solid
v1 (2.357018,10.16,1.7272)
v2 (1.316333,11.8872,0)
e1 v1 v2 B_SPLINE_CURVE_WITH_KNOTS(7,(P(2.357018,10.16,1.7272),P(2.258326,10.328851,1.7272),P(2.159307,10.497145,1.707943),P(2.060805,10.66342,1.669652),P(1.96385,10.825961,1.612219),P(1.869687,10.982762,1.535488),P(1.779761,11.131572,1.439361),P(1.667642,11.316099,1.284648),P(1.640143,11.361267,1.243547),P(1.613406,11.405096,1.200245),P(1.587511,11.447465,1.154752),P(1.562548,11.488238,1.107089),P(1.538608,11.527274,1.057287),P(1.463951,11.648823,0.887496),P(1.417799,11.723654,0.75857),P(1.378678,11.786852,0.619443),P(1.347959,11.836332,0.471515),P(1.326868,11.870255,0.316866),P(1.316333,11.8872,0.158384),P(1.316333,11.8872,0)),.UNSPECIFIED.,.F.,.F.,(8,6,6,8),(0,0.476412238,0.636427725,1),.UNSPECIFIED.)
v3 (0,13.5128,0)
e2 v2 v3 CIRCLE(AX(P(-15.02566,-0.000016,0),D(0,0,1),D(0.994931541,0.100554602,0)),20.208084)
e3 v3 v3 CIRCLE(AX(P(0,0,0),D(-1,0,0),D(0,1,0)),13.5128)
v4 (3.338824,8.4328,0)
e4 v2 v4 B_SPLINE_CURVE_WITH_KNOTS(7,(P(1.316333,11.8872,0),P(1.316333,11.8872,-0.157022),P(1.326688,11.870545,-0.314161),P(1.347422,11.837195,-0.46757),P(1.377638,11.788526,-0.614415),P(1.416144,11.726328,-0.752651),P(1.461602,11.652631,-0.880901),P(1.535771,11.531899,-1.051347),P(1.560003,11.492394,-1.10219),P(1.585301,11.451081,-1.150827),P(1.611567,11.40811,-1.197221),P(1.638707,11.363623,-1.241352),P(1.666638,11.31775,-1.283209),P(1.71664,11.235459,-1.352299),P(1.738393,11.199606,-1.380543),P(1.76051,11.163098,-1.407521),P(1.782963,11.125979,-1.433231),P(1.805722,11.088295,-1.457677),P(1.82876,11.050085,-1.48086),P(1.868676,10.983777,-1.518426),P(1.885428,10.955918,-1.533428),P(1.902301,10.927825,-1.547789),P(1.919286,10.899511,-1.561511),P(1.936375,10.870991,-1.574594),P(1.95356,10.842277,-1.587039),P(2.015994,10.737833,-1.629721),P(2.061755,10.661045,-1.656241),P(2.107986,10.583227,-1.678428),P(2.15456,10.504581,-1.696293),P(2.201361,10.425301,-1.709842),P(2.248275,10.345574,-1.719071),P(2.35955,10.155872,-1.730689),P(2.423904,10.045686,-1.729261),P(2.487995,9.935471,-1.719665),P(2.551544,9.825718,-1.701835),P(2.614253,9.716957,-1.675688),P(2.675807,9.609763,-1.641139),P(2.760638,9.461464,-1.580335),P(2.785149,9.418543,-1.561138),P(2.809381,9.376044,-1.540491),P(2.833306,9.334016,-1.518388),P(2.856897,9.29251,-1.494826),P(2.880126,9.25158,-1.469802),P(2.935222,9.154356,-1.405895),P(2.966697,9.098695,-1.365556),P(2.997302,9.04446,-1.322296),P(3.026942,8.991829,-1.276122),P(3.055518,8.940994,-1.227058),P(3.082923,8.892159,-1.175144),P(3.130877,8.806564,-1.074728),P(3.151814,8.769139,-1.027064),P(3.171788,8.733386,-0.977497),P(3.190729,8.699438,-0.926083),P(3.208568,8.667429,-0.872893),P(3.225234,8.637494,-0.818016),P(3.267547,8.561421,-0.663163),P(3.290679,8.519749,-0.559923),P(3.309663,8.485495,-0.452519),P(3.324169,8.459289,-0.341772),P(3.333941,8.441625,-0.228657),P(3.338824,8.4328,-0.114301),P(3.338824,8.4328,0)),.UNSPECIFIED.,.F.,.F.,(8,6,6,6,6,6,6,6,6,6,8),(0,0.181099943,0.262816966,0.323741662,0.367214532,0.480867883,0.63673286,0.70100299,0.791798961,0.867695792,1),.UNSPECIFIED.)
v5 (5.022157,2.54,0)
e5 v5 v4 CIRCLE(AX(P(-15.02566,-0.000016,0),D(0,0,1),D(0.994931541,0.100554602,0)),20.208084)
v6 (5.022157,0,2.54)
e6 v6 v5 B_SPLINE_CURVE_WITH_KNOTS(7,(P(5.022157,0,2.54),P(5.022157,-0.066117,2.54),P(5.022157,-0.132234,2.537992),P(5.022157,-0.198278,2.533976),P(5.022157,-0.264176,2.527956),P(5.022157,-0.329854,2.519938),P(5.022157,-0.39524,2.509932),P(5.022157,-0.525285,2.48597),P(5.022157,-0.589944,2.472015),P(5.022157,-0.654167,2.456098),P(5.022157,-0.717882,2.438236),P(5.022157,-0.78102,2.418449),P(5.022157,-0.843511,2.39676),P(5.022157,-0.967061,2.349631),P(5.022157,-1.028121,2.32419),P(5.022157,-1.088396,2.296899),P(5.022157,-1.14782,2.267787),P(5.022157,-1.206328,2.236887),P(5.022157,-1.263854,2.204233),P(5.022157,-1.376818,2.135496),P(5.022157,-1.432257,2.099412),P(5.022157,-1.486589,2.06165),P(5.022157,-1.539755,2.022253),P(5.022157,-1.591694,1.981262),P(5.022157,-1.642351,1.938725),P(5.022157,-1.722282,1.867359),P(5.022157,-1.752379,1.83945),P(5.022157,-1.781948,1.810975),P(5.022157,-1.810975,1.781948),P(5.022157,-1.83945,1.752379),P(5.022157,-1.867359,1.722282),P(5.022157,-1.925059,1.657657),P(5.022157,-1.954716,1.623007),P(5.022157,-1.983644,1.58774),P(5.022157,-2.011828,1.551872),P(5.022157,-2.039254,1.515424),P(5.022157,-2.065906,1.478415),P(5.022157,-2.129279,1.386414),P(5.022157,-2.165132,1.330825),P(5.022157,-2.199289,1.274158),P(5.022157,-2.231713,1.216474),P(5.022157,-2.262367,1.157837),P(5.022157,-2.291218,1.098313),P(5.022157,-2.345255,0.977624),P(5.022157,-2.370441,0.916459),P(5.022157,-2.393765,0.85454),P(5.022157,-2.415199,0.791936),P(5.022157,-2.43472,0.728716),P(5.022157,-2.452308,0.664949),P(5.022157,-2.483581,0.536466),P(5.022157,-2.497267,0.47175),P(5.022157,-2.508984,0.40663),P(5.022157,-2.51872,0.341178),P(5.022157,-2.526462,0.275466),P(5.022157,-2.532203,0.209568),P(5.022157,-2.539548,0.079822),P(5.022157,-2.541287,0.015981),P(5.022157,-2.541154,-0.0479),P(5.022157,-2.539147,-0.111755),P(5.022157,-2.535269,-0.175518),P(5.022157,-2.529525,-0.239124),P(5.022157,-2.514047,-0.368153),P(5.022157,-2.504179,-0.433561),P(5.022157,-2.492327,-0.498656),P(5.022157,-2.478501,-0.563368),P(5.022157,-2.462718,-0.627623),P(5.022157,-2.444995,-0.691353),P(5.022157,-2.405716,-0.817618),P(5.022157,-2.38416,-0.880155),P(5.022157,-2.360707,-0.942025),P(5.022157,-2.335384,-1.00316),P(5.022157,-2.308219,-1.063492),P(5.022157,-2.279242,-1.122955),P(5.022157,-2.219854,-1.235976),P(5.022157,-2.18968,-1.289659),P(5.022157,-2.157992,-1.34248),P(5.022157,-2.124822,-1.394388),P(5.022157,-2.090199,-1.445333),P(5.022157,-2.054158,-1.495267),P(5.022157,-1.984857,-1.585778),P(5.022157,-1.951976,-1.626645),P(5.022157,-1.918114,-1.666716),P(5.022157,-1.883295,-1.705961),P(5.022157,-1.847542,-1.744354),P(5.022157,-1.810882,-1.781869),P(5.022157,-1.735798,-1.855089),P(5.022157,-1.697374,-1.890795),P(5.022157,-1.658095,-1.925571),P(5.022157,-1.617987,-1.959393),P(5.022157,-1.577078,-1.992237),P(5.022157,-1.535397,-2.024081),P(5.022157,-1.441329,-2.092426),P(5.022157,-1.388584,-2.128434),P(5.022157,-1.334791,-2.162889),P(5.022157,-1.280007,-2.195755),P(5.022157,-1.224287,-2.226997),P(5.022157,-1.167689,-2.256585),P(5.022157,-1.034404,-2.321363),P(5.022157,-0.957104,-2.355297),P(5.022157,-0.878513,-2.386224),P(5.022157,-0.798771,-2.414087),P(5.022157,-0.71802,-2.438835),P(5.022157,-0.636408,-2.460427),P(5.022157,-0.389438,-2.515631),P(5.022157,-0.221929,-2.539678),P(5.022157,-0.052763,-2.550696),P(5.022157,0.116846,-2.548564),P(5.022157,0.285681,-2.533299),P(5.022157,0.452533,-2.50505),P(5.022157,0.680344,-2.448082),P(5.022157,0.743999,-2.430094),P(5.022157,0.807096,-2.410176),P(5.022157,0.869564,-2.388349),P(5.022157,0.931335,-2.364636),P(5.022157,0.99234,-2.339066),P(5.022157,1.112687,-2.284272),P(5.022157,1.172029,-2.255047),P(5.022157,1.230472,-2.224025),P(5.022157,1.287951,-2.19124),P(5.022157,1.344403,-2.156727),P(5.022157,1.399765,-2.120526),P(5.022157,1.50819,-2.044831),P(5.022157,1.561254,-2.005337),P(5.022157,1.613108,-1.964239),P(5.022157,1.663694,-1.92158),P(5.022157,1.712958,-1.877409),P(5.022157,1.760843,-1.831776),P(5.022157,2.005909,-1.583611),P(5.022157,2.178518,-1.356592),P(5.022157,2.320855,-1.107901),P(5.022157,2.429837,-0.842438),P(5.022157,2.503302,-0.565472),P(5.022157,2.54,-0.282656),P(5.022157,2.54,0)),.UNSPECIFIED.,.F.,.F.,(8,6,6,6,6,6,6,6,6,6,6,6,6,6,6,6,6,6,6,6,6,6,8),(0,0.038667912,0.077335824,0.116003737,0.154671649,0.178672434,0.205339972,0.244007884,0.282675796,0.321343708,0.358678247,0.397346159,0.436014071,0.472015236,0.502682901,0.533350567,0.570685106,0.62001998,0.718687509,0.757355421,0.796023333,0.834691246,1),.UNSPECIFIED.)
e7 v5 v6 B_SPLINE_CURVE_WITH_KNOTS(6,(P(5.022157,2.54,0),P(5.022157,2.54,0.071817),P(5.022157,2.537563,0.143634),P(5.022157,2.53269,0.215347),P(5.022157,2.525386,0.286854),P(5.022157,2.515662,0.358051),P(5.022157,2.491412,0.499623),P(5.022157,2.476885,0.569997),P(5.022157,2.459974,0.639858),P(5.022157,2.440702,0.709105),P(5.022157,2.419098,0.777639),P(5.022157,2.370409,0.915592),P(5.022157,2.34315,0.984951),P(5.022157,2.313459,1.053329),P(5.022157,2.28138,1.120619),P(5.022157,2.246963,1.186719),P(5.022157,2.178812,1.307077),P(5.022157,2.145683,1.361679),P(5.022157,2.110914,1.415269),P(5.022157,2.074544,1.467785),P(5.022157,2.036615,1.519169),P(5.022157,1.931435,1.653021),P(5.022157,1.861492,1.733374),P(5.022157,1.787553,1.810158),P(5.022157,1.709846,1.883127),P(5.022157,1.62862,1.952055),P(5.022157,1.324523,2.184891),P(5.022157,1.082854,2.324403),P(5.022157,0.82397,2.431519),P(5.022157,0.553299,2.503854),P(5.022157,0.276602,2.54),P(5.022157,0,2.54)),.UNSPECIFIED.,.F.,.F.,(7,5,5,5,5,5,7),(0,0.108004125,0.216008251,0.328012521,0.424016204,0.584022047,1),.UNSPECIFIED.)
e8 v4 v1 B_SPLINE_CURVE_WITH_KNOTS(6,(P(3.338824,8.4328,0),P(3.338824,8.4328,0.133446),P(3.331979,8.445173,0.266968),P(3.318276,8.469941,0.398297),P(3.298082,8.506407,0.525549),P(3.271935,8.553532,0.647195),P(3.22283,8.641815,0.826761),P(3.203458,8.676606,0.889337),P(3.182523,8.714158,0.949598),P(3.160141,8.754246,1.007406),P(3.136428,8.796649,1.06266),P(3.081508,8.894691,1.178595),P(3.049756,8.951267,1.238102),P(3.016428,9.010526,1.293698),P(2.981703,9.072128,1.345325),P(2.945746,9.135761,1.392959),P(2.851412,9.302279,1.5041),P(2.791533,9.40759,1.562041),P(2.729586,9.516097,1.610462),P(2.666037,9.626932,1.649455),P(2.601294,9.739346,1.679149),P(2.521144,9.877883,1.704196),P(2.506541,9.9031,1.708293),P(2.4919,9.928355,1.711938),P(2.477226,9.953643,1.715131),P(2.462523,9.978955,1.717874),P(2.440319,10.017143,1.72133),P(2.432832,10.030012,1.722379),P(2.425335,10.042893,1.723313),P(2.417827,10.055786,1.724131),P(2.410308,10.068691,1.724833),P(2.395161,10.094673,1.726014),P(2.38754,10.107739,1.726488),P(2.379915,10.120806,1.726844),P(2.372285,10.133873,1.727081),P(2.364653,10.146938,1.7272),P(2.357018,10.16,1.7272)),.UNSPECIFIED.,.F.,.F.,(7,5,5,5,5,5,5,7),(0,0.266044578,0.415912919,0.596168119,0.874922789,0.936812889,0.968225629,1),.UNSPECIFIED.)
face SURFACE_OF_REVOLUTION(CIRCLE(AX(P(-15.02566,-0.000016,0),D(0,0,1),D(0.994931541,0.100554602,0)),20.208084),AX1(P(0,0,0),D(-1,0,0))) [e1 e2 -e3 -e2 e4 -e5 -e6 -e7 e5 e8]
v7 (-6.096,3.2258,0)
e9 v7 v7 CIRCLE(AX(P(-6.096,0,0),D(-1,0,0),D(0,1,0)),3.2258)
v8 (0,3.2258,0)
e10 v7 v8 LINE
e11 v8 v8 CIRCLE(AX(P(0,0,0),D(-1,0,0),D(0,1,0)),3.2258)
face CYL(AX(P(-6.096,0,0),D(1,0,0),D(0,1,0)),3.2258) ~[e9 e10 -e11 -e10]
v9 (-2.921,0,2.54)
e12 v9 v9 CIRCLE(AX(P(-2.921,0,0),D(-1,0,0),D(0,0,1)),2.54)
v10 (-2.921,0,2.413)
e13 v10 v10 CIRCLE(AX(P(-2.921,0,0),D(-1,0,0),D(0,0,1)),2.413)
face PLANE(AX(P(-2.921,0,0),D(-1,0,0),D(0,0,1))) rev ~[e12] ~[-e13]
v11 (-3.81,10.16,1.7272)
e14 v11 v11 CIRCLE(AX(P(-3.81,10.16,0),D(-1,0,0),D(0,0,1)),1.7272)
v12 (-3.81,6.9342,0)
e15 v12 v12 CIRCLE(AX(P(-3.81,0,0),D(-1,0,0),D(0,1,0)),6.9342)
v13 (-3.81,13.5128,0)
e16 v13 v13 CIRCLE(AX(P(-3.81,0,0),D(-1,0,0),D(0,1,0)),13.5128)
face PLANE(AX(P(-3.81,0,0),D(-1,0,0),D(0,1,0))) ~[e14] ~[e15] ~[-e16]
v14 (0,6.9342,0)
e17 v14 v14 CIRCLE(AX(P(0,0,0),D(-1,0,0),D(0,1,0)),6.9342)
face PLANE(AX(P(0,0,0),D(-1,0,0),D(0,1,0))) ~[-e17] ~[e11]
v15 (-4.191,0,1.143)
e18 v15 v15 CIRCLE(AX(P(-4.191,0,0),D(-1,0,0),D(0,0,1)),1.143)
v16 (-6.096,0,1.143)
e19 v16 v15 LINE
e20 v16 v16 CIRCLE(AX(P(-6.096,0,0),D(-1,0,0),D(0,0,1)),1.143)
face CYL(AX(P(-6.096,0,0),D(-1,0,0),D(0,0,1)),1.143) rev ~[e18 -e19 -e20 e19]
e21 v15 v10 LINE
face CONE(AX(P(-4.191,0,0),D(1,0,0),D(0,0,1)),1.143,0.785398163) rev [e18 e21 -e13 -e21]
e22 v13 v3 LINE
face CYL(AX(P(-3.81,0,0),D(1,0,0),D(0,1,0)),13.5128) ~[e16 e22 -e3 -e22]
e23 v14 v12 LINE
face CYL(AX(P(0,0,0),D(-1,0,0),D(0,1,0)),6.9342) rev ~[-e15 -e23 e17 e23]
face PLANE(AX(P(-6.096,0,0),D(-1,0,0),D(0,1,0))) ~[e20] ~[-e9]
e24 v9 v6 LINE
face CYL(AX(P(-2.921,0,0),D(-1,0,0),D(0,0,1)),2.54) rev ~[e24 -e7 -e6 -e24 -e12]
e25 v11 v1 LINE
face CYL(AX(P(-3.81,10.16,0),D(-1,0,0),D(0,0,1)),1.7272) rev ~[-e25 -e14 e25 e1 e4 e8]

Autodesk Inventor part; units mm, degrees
ref_plane "XZ Plane" through (0, 0, 0) normal (0, 1, 0) x (-1, 0, 0)
sketch "Sketch1" plane through (0, 0, 0) normal (0, 0, 1) x (1, 0, 0)
  line L0 (0, 0) -> (-8.052, 0) construction
  line L1 (-6.096, 2.032) -> (5.08, 2.032)
  line L2 (-6.096, 2.032) -> (-6.096, 3.2258)
  line L3 (-6.096, 3.2258) -> (0, 3.2258)
  line L4 (0, 3.2258) -> (0, 6.9342)
  line L5 (0, 6.9342) -> (-3.81, 6.9342)
  line L6 (-3.81, 6.9342) -> (-3.81, 13.5128)
  line L7 (-3.81, 13.5128) -> (0, 13.5128)
  arc A0 (5.08, 2.032) -> (0, 13.5128) centre (-15.0256, 0) ccw
  dimension "d0" = 2.032
  dimension "d1" = 13.5128
  dimension "d2" = 6.096
  dimension "d3" = 3.2258
  dimension "d4" = 3.81
  dimension "d5" = 6.9342
  dimension "d7" = 5.08
revolve "Revolution1" add sketch "Sketch1" angle 360 about axis through (0, 0, 0) along (-1, 0, 0)
ref_plane "Work Plane3" through (3.9124, 0, 0) normal (1, 0, 0) x (0, 1, 0)
ref_plane "Work Plane2" through (5.1824, 0, 0) normal (1, 0, 0) x (0, 1, 0)
sketch "Sketch4" plane through (-3.81, 0, 0) normal (-1, 0, 0) x (0, 0, 1)
  circle A0 centre (0, 10.16) radius 1.7272 projected
extrude "Extrusion3" cut sketch "Sketch4" against normal through all
sketch "Sketch5" plane through (-6.096, 0, 0) normal (-1, 0, 0) x (0, 0, 1)
  circle A0 centre (0, 0) radius 2.032 projected
  circle A1 centre (0, 0) radius 3.2258 projected
  circle A2 centre (0, 0) radius 1.143
  dimension "d18" = 2.286
extrude "Extrusion4" add sketch "Sketch5" against normal up to surface contours A0
ref_plane "Work Plane4" through (-2.921, 0, 0) normal (-1, 0, 0) x (0, 0, 1)
sketch "Sketch6" plane through (-2.921, 0, 0) normal (-1, 0, 0) x (0, 0, 1)
  circle A0 centre (0, 0) radius 2.54
  dimension "d22" = 5.08
extrude "Extrusion5" cut sketch "Sketch6" against normal through all
chamfer "Chamfer1" distance 1.27 angle 45 1 edges at (-2.921, 0, -1.143)
properties part number "Flexiwheel Hub - Out Side"
